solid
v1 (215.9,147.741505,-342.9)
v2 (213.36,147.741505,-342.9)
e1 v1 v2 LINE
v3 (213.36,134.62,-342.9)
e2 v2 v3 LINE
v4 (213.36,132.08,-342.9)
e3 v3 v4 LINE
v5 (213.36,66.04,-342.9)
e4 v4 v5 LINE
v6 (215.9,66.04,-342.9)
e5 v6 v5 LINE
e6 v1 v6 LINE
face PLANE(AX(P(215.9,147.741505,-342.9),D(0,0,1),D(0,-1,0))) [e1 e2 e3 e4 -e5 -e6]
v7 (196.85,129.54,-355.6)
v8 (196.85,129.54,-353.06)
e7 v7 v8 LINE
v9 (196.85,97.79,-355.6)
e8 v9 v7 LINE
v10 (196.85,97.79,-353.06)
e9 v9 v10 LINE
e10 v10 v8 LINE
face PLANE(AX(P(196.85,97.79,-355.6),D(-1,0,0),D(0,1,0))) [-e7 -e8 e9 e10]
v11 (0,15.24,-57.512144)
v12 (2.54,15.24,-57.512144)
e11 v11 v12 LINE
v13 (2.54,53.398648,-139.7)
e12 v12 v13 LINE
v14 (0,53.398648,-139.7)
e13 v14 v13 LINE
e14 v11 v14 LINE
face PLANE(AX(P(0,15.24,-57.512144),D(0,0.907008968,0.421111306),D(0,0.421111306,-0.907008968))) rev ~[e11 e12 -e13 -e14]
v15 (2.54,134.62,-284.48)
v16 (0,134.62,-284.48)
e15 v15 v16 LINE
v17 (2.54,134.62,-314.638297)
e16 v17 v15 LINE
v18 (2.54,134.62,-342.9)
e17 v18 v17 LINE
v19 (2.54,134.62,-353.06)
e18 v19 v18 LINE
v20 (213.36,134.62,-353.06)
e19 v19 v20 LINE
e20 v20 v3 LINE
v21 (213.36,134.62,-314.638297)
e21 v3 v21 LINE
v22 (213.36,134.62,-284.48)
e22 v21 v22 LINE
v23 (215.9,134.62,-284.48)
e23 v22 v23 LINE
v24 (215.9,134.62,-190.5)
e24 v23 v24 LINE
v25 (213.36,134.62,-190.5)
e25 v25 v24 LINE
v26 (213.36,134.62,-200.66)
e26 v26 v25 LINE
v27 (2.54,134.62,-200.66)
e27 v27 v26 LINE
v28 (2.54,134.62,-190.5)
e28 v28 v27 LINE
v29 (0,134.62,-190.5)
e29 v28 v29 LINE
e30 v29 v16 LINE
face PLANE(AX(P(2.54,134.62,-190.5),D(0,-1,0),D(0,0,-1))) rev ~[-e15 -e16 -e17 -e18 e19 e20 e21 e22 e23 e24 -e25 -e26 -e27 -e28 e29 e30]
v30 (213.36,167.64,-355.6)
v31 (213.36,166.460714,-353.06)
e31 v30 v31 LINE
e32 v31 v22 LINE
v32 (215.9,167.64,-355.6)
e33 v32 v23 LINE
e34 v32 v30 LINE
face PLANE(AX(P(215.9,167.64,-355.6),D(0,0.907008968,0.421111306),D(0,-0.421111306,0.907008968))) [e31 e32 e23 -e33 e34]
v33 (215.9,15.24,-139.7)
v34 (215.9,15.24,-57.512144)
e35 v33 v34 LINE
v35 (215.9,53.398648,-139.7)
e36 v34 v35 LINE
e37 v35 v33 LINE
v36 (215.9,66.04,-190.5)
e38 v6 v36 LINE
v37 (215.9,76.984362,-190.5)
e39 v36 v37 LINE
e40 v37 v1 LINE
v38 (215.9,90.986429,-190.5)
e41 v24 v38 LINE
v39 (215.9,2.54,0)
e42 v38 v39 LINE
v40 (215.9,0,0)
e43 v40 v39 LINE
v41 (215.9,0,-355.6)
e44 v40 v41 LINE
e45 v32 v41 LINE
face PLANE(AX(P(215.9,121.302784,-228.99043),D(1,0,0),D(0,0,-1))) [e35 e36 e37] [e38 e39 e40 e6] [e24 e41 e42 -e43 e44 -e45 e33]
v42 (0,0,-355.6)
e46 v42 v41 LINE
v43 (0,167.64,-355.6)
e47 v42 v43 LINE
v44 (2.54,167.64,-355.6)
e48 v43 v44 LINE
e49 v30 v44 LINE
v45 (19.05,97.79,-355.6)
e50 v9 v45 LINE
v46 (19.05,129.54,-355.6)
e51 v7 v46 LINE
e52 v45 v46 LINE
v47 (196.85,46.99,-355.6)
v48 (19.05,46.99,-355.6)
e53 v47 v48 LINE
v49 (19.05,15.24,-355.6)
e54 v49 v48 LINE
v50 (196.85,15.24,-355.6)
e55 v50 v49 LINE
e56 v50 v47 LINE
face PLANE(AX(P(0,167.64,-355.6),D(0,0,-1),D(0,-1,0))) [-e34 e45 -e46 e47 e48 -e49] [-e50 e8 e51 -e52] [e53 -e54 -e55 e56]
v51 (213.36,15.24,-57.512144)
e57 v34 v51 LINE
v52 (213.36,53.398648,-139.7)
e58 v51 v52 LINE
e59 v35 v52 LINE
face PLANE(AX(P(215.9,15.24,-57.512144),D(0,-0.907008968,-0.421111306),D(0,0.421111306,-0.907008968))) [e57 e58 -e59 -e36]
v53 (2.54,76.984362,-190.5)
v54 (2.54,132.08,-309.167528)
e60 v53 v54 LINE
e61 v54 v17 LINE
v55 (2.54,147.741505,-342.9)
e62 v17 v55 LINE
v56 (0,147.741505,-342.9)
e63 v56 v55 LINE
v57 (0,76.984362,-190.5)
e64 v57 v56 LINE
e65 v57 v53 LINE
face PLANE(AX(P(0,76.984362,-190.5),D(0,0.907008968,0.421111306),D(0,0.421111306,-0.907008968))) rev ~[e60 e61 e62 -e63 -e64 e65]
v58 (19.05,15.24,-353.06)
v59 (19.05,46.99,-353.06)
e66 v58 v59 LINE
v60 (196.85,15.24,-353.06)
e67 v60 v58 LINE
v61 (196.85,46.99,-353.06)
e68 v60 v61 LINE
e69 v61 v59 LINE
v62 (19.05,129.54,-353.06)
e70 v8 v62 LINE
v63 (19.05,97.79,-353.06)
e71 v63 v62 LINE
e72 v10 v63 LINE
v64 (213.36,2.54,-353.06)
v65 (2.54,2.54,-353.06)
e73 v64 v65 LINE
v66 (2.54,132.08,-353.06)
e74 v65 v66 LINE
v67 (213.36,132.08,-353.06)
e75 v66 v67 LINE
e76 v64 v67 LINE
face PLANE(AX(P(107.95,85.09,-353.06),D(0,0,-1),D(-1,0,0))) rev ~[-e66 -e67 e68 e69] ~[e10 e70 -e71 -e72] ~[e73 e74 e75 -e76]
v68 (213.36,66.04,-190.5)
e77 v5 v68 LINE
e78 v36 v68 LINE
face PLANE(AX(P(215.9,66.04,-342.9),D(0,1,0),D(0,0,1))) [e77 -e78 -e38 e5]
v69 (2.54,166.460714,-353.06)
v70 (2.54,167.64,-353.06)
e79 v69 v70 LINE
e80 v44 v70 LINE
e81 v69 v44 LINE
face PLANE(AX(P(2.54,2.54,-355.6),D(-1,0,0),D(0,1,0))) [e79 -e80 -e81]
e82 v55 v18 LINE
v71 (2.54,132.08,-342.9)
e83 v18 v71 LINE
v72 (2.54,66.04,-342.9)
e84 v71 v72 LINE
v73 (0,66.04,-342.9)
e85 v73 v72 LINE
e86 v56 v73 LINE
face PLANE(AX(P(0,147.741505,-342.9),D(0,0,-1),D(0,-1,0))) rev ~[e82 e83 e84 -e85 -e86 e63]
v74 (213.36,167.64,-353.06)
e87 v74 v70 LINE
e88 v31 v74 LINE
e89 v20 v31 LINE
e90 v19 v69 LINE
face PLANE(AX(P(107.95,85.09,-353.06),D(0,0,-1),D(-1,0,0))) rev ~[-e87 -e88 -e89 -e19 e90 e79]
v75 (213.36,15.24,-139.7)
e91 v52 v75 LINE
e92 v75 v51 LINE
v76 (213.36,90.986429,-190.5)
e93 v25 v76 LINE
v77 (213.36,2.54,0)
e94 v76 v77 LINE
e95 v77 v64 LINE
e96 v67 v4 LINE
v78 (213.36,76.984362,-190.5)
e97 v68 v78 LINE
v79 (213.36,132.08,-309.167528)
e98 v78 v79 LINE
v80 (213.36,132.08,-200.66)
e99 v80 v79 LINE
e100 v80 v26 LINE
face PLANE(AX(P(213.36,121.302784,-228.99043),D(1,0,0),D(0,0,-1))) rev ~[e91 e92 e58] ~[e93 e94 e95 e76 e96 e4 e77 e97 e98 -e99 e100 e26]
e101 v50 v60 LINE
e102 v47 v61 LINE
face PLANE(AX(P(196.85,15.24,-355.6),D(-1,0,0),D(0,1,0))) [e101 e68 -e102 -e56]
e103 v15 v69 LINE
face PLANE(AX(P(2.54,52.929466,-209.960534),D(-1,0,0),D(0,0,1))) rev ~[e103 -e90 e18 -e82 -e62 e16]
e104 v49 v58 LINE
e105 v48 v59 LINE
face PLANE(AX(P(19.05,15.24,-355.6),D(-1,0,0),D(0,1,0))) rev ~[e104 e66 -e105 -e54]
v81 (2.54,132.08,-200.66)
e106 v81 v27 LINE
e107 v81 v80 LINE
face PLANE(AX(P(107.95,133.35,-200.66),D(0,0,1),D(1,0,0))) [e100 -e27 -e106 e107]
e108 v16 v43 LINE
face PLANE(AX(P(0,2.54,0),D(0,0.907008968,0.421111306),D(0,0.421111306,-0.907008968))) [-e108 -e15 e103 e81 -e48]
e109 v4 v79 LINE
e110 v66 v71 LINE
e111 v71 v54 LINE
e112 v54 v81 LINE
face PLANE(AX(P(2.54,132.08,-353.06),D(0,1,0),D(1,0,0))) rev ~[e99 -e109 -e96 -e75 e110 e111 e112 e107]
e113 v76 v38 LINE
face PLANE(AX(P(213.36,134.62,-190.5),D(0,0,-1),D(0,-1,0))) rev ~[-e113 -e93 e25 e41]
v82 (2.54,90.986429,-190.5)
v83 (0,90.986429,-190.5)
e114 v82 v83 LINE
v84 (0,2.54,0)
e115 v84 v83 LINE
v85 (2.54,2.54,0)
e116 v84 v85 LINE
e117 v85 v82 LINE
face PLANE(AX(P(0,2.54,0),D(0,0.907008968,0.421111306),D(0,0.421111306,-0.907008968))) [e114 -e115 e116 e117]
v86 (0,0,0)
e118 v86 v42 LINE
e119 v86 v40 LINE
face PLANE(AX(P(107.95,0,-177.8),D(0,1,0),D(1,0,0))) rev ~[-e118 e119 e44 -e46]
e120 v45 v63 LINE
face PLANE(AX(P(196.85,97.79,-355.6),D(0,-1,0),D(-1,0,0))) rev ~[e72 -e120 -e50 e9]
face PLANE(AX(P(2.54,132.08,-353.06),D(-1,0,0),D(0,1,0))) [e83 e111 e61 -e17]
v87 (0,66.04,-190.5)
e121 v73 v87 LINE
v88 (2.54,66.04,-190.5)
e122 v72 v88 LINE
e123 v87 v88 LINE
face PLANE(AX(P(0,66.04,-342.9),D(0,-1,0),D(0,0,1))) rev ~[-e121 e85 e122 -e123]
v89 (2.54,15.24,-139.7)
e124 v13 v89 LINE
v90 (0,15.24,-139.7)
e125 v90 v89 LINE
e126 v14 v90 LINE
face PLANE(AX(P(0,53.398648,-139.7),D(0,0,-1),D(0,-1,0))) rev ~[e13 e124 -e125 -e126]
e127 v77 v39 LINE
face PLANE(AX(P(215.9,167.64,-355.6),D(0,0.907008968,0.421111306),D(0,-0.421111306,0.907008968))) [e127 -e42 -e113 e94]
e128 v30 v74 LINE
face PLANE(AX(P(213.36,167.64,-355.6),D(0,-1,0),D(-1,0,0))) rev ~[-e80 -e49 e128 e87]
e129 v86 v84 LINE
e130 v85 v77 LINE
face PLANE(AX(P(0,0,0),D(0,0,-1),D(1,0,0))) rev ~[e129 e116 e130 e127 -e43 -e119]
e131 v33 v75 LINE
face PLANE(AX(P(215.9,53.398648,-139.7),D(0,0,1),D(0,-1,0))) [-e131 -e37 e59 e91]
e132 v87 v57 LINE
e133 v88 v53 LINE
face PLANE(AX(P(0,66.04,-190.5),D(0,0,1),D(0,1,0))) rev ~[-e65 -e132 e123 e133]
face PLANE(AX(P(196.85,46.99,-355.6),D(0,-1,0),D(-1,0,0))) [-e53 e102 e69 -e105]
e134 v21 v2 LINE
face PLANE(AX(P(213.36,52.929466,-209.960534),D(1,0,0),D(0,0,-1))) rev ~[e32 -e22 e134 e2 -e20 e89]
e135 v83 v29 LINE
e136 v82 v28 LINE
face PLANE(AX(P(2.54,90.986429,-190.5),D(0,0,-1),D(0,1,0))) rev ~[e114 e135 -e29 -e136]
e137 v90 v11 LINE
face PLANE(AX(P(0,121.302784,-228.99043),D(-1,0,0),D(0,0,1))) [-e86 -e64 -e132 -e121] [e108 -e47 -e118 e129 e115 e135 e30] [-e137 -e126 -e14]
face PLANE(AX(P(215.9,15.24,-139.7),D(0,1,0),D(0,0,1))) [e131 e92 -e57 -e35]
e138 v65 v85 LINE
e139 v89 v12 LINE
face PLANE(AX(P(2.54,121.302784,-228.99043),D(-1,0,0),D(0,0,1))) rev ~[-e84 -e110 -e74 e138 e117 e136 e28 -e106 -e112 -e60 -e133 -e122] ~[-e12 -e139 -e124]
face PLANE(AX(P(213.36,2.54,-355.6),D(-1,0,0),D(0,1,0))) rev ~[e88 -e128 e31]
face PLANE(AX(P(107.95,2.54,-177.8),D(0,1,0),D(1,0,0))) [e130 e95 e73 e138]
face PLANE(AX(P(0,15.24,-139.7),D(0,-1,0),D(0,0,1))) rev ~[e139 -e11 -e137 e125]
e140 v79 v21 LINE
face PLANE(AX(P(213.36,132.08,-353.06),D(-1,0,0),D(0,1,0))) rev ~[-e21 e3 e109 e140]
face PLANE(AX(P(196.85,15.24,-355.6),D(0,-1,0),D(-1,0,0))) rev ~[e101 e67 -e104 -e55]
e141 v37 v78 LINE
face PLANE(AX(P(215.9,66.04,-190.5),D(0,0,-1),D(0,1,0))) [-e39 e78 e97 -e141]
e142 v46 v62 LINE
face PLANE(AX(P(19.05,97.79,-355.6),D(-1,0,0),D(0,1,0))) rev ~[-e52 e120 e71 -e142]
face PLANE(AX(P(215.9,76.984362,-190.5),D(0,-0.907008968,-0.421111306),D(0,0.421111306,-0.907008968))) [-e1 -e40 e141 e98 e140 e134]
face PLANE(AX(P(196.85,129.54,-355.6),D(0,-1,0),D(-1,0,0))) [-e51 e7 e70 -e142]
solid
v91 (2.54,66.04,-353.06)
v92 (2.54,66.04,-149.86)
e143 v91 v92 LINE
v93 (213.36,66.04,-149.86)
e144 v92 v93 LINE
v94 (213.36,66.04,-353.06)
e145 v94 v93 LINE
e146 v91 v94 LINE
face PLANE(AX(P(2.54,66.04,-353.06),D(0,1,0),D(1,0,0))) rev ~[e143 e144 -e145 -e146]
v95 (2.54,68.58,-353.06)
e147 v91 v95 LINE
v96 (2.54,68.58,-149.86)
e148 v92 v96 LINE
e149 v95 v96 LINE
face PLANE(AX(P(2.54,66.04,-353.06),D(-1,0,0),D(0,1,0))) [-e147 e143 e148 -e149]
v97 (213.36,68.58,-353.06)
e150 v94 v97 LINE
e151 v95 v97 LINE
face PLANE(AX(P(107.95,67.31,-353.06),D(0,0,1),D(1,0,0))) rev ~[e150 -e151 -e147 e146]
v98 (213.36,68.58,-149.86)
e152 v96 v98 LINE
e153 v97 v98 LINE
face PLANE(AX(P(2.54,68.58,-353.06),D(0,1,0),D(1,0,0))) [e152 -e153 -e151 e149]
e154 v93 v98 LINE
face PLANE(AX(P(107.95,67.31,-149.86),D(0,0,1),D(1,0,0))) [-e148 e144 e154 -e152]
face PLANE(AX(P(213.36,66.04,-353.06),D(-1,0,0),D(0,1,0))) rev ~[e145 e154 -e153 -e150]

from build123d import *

# Parameters (mm, degrees)
SKETCH1_W           = 215.9
SKETCH1_H           = 355.6
BOSS_EXTRUDE1_DEPTH = 2.54
BOSS_EXTRUDE2_DEPTH = 2.54
CUT_EXTRUDE4_DEPTH  = 2.54
BOSS_EXTRUDE3_DEPTH = 2.54
CUT_EXTRUDE5_DEPTH  = 2.54
SKETCH7_W           = 210.82
SKETCH7_H           = 165.1
SKETCH7_W_2         = 177.8
SKETCH7_H_2         = 31.75
BOSS_EXTRUDE4_DEPTH = 2.54
SKETCH8_W           = 210.82
SKETCH8_H           = 2.54
BOSS_EXTRUDE6_DEPTH = 203.2
SKETCH9_W           = 210.82
SKETCH9_H           = 2.54
BOSS_EXTRUDE7_DEPTH = 152.4
BOSS_EXTRUDE8_START = -2.54
BOSS_EXTRUDE8_DEPTH = 2.54
BOSS_EXTRUDE9_START = -2.54
BOSS_EXTRUDE9_DEPTH = 2.54


with BuildPart() as part:
    # Sketch1 → Boss-Extrude1 (new body)
    with BuildSketch(Plane(origin=(0, 0, 0), x_dir=(1, 0, 0), z_dir=(0, 1, 0))):
        with Locations((107.95, 177.8)):
            Rectangle(SKETCH1_W, SKETCH1_H)
    extrude(amount=BOSS_EXTRUDE1_DEPTH)

    # Sketch2 → Boss-Extrude2 (add)
    with BuildSketch(Plane(origin=(215.9, 0, 0), x_dir=(0, 0, -1), z_dir=(1, 0, 0))):
        Polygon((355.6, 2.54), (355.6, 167.64), (0, 2.54), align=None)
    extrude(amount=-BOSS_EXTRUDE2_DEPTH)

    # Sketch3 → Cut-Extrude4 (cut)
    with BuildSketch(Plane(origin=(215.9, 0, 0), x_dir=(0, 0, -1), z_dir=(1, 0, 0))):
        Polygon((139.7, 15.24), (57.51214351, 15.24), (139.7, 53.398647656), align=None)
        Polygon((190.5, 66.04), (190.5, 76.984361942), (342.9, 147.741504799), (342.9, 66.04), align=None)
    extrude(amount=-CUT_EXTRUDE4_DEPTH, mode=Mode.SUBTRACT)

    # Sketch5 → Boss-Extrude3 (add)
    with BuildSketch(Plane.ZY):
        Polygon((0, 2.54), (-355.6, 167.64), (-355.6, 2.54), align=None)
    extrude(amount=-BOSS_EXTRUDE3_DEPTH)

    # Sketch6 → Cut-Extrude5 (cut)
    with BuildSketch(Plane.ZY):
        Polygon((-139.7, 15.24), (-57.51214351, 15.24), (-139.7, 53.398647656), align=None)
        Polygon((-342.9, 66.04), (-190.5, 66.04), (-190.5, 76.984361942), (-342.9, 147.741504799), align=None)
    extrude(amount=-CUT_EXTRUDE5_DEPTH, mode=Mode.SUBTRACT)

    # Sketch7 → Boss-Extrude4 (add)
    with BuildSketch(Plane(origin=(0, 0, -355.6), x_dir=(-1, 0, 0), z_dir=(0, 0, -1))):
        with Locations((-107.95, 85.09)):
            Rectangle(SKETCH7_W, SKETCH7_H)
        with Locations((-107.95, 31.115)):
            Rectangle(SKETCH7_W_2, SKETCH7_H_2, mode=Mode.SUBTRACT)
        with Locations((-107.95, 113.665)):
            Rectangle(SKETCH7_W_2, SKETCH7_H_2, mode=Mode.SUBTRACT)
    extrude(amount=-BOSS_EXTRUDE4_DEPTH)

    # Sketch9 → Boss-Extrude7 (add)
    with BuildSketch(Plane.XY.offset(-353.06)):
        with Locations((107.95, 133.35)):
            Rectangle(SKETCH9_W, SKETCH9_H)
    extrude(amount=BOSS_EXTRUDE7_DEPTH)

    # Sketch10 → Boss-Extrude8 (add)
    with BuildSketch(Plane(origin=(215.9, 0, 0), x_dir=(0, 0, -1), z_dir=(1, 0, 0)).offset(BOSS_EXTRUDE8_START)):
        Polygon((284.48, 134.62), (190.5, 134.62), (190.5, 90.986428571), align=None)
    extrude(amount=BOSS_EXTRUDE8_DEPTH)

    # Sketch11 → Boss-Extrude9 (add)
    with BuildSketch(Plane.ZY.offset(BOSS_EXTRUDE9_START)):
        Polygon((-190.5, 134.62), (-284.48, 134.62), (-190.5, 90.986428571), align=None)
    extrude(amount=BOSS_EXTRUDE9_DEPTH)


with BuildPart() as body_2:
    # Sketch8 → Boss-Extrude6 (new body)
    with BuildSketch(Plane.XY.offset(-353.06)):
        with Locations((107.95, 67.31)):
            Rectangle(SKETCH8_W, SKETCH8_H)
    extrude(amount=BOSS_EXTRUDE6_DEPTH)


solid = Compound([part.part, body_2.part])
